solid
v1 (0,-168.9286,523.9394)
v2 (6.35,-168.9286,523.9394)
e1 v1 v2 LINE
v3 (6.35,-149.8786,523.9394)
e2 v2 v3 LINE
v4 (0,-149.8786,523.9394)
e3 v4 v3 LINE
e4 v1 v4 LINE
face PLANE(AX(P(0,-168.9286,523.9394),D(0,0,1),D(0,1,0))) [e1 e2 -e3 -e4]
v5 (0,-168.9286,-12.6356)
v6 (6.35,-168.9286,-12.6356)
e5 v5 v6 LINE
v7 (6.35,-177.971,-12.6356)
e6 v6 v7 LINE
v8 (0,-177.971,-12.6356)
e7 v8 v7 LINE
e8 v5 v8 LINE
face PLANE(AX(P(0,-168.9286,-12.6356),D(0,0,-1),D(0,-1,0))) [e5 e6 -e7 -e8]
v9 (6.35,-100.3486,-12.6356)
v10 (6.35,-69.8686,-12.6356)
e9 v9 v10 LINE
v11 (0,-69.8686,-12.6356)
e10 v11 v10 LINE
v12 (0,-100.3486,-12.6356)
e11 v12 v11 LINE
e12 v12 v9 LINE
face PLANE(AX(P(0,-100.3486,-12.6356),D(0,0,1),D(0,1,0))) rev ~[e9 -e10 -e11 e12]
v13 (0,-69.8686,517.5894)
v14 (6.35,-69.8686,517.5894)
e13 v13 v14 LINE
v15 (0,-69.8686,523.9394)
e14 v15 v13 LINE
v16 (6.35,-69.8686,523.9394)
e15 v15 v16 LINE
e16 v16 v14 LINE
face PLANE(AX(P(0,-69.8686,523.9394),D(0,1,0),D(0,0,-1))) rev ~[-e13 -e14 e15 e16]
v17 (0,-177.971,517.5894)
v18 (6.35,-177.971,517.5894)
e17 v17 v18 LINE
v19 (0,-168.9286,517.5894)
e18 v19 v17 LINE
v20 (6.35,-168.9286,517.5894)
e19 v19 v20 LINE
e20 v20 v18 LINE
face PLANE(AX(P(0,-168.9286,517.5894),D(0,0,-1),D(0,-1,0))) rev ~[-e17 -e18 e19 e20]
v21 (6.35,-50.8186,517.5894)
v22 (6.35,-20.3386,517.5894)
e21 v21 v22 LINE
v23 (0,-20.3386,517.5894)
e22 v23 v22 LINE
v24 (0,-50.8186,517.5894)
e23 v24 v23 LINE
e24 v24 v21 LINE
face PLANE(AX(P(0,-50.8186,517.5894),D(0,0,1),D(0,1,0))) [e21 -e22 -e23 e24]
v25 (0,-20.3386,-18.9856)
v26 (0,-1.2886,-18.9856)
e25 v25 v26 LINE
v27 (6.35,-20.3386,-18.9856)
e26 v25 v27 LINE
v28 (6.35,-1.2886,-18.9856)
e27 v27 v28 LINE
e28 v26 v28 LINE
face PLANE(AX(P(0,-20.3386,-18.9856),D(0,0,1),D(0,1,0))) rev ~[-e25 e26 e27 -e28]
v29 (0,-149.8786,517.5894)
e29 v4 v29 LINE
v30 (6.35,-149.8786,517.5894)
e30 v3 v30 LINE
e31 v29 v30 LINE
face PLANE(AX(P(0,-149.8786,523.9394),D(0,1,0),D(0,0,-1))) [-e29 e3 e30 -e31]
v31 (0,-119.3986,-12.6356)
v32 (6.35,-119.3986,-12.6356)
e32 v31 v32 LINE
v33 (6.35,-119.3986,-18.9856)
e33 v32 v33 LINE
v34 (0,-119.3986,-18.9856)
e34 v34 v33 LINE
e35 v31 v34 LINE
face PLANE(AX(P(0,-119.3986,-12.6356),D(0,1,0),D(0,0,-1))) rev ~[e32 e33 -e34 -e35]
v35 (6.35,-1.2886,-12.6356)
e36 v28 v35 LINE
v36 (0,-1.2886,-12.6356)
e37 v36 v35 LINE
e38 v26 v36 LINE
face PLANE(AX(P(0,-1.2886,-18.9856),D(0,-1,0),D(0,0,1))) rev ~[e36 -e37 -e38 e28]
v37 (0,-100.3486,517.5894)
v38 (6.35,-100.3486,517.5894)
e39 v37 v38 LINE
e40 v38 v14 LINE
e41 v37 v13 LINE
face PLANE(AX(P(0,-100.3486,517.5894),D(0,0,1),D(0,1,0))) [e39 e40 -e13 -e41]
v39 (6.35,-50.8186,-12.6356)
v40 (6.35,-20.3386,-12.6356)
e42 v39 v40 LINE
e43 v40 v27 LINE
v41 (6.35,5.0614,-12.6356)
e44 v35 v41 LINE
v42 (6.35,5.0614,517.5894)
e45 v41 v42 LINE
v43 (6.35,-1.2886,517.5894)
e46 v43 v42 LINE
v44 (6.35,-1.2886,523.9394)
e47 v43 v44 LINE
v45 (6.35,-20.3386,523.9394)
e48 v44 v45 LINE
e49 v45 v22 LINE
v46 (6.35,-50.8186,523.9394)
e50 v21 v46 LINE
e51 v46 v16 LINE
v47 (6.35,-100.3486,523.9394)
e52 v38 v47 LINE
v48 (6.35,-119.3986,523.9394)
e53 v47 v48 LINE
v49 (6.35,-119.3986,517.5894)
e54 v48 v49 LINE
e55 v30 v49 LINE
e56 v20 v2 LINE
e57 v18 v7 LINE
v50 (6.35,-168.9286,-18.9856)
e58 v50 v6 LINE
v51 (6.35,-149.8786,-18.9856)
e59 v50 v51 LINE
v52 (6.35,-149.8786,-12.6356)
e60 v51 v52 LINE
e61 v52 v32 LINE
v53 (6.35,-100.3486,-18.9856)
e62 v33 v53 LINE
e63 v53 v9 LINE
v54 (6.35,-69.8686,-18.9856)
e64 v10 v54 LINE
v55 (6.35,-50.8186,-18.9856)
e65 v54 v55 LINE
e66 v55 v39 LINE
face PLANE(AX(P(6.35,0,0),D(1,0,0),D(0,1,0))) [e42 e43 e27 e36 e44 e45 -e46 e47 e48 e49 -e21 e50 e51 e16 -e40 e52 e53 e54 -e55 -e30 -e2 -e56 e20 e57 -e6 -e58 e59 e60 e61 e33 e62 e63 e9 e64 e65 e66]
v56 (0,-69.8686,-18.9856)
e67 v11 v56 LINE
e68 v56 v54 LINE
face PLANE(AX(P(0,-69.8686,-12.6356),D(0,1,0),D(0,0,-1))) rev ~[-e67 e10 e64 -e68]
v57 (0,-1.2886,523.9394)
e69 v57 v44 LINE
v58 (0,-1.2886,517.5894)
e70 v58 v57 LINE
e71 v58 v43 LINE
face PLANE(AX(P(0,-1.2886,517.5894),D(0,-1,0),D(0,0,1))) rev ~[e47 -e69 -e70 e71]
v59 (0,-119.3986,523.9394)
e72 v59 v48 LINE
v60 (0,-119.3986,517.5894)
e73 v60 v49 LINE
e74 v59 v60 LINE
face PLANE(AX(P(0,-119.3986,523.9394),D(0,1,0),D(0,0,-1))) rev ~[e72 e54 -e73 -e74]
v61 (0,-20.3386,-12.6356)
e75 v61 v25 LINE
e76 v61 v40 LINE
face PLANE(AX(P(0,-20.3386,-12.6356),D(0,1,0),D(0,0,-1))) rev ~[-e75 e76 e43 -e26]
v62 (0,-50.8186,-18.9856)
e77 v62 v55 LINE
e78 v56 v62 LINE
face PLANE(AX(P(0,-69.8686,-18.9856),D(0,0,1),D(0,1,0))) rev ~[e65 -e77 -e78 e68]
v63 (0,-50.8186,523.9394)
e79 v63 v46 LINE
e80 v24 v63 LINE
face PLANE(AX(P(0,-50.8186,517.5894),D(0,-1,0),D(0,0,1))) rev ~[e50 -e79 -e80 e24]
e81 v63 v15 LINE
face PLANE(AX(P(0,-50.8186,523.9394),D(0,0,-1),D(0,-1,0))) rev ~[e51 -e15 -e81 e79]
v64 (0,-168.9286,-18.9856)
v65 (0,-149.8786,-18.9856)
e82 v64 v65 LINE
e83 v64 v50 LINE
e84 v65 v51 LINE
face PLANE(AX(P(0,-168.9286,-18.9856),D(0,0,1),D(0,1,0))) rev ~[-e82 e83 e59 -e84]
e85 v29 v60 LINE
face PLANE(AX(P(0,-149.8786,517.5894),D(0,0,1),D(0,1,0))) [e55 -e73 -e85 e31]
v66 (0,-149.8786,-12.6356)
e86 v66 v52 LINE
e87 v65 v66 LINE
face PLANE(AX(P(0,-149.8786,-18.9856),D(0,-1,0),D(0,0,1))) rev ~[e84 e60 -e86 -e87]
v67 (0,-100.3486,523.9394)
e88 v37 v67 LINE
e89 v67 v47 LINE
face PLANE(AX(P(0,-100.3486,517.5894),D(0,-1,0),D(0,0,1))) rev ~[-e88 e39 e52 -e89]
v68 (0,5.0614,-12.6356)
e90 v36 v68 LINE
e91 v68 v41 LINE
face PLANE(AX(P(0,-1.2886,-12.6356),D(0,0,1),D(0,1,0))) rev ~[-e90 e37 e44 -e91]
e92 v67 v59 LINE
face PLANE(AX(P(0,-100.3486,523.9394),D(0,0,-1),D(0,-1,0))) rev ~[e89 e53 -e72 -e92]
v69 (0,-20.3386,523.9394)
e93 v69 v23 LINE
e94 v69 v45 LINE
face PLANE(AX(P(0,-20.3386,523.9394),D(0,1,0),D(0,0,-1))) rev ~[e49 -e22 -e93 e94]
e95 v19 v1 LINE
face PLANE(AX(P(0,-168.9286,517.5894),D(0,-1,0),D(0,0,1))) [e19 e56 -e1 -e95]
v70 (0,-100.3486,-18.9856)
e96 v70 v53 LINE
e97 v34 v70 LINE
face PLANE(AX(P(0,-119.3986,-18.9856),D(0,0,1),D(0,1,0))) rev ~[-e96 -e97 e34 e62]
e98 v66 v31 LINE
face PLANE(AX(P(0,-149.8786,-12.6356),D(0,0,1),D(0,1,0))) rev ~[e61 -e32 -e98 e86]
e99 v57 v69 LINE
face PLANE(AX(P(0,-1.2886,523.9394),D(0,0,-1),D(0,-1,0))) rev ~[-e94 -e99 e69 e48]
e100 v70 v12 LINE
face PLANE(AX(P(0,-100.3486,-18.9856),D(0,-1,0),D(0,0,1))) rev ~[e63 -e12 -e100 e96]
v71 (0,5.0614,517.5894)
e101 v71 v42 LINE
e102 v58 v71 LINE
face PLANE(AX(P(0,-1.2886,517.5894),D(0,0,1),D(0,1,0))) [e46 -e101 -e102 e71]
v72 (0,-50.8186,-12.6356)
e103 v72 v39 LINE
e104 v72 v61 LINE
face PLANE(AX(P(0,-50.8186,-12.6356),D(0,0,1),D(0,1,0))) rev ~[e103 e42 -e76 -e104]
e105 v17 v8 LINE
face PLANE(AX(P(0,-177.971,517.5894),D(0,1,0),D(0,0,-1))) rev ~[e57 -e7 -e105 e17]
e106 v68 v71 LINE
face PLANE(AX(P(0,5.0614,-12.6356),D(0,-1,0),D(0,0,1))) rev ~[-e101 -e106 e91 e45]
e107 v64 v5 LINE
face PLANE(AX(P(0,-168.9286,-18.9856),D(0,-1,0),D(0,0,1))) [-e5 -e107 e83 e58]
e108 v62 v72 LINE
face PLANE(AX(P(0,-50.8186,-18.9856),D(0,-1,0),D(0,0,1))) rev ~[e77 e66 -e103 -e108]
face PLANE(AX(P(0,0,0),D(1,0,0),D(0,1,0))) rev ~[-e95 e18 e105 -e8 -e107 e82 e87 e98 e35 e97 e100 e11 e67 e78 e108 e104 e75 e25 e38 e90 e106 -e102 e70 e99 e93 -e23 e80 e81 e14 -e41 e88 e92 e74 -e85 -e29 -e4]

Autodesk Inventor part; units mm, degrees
ref_plane "YZ Plane" through (0, 0, 0) normal (1, 0, 0) x (0, 1, 0)
ref_plane "XZ Plane" through (0, 0, 0) normal (0, 1, 0) x (-1, 0, 0)
ref_plane "XY Plane" through (0, 0, 0) normal (0, 0, 1) x (1, 0, 0)
sketch "Sketch1" plane through (0, 0, 0) normal (1, 0, 0) x (0, 1, 0)
  line L0 (-177.971, 517.5894) -> (-177.971, -12.6356)
  line L1 (5.0614, -12.6356) -> (5.0614, 517.5894)
  line L2 (-1.2886, 523.9394) -> (-20.3386, 523.9394)
  line L3 (-20.3386, 523.9394) -> (-20.3386, 517.5894)
  line L4 (-1.2886, 517.5894) -> (-1.2886, 523.9394)
  line L5 (-50.8186, 523.9394) -> (-69.8686, 523.9394)
  line L6 (-69.8686, 523.9394) -> (-69.8686, 517.5894)
  line L7 (-50.8186, 517.5894) -> (-50.8186, 523.9394)
  line L8 (-100.3486, 523.9394) -> (-119.3986, 523.9394)
  line L9 (-119.3986, 523.9394) -> (-119.3986, 517.5894)
  line L10 (-100.3486, 517.5894) -> (-100.3486, 523.9394)
  line L11 (-168.9286, 523.9394) -> (-149.8786, 523.9394)
  line L12 (-149.8786, 523.9394) -> (-149.8786, 517.5894)
  line L13 (-168.9286, 517.5894) -> (-168.9286, 523.9394)
  line L14 (-168.9286, 517.5894) -> (-177.971, 517.5894)
  line L15 (-149.8786, 517.5894) -> (-119.3986, 517.5894)
  line L16 (-100.3486, 517.5894) -> (-69.8686, 517.5894)
  line L17 (-50.8186, 517.5894) -> (-20.3386, 517.5894)
  line L18 (-1.2886, 517.5894) -> (5.0614, 517.5894)
  line L19 (-149.8786, 523.9394) -> (-168.9286, 523.9394)
  line L20 (-100.3486, 523.9394) -> (-119.3986, 523.9394)
  line L21 (-1.2886, 523.9394) -> (-20.3386, 523.9394)
  line L22 (-50.8186, 523.9394) -> (-69.8686, 523.9394)
  line L23 (-1.2886, -18.9856) -> (-1.2886, -12.6356)
  line L24 (-1.2886, -12.6356) -> (5.0614, -12.6356)
  line L25 (-50.8186, -18.9856) -> (-50.8186, -12.6356)
  line L26 (-50.8186, -12.6356) -> (-20.3386, -12.6356)
  line L27 (-20.3386, -12.6356) -> (-20.3386, -18.9856)
  line L28 (-100.3486, -18.9856) -> (-100.3486, -12.6356)
  line L29 (-100.3486, -12.6356) -> (-69.8686, -12.6356)
  line L30 (-69.8686, -12.6356) -> (-69.8686, -18.9856)
  line L31 (-149.8786, -18.9856) -> (-149.8786, -12.6356)
  line L32 (-149.8786, -12.6356) -> (-119.3986, -12.6356)
  line L33 (-119.3986, -12.6356) -> (-119.3986, -18.9856)
  line L34 (-168.9286, -18.9856) -> (-168.9286, -12.6356)
  line L35 (-168.9286, -12.6356) -> (-177.971, -12.6356)
  line L36 (-168.9286, -18.9856) -> (-149.8786, -18.9856)
  line L37 (-119.3986, -18.9856) -> (-100.3486, -18.9856)
  line L38 (-69.8686, -18.9856) -> (-50.8186, -18.9856)
  line L39 (-20.3386, -18.9856) -> (-1.2886, -18.9856)
  point P0 (0, 0)
  dimension "d15" = 6.35
  dimension "d16" = 6.35
  dimension "d17" = 19.05
  dimension "d18" = 30.48
  dimension "d19" = 6.35
  dimension "d20" = 19.05
  dimension "d21" = 6.35
  dimension "d22" = 30.48
  dimension "d23" = 19.05
  dimension "d24" = 30.48
  dimension "d25" = 6.35
  dimension "d26" = 19.05
  dimension "d27" = 9.0424
  dimension "d43" = 542.925
  dimension "d44" = 183.0324
  dimension "d45" = 19.05
  dimension "d46" = 30.48
  dimension "d47" = 19.05
  dimension "d48" = 30.48
  dimension "d49" = 19.05
  dimension "d50" = 30.48
  dimension "d51" = 19.05
  dimension "d52" = 9.0424
  dimension "d53" = 6.35
  dimension "d54" = 6.35
  dimension "d55" = 6.35
  dimension "d56" = 6.35
  dimension "d57" = 6.35
extrude "Extrusion1" add sketch "Sketch1" along normal blind 6.35
properties part number "Back V3"
